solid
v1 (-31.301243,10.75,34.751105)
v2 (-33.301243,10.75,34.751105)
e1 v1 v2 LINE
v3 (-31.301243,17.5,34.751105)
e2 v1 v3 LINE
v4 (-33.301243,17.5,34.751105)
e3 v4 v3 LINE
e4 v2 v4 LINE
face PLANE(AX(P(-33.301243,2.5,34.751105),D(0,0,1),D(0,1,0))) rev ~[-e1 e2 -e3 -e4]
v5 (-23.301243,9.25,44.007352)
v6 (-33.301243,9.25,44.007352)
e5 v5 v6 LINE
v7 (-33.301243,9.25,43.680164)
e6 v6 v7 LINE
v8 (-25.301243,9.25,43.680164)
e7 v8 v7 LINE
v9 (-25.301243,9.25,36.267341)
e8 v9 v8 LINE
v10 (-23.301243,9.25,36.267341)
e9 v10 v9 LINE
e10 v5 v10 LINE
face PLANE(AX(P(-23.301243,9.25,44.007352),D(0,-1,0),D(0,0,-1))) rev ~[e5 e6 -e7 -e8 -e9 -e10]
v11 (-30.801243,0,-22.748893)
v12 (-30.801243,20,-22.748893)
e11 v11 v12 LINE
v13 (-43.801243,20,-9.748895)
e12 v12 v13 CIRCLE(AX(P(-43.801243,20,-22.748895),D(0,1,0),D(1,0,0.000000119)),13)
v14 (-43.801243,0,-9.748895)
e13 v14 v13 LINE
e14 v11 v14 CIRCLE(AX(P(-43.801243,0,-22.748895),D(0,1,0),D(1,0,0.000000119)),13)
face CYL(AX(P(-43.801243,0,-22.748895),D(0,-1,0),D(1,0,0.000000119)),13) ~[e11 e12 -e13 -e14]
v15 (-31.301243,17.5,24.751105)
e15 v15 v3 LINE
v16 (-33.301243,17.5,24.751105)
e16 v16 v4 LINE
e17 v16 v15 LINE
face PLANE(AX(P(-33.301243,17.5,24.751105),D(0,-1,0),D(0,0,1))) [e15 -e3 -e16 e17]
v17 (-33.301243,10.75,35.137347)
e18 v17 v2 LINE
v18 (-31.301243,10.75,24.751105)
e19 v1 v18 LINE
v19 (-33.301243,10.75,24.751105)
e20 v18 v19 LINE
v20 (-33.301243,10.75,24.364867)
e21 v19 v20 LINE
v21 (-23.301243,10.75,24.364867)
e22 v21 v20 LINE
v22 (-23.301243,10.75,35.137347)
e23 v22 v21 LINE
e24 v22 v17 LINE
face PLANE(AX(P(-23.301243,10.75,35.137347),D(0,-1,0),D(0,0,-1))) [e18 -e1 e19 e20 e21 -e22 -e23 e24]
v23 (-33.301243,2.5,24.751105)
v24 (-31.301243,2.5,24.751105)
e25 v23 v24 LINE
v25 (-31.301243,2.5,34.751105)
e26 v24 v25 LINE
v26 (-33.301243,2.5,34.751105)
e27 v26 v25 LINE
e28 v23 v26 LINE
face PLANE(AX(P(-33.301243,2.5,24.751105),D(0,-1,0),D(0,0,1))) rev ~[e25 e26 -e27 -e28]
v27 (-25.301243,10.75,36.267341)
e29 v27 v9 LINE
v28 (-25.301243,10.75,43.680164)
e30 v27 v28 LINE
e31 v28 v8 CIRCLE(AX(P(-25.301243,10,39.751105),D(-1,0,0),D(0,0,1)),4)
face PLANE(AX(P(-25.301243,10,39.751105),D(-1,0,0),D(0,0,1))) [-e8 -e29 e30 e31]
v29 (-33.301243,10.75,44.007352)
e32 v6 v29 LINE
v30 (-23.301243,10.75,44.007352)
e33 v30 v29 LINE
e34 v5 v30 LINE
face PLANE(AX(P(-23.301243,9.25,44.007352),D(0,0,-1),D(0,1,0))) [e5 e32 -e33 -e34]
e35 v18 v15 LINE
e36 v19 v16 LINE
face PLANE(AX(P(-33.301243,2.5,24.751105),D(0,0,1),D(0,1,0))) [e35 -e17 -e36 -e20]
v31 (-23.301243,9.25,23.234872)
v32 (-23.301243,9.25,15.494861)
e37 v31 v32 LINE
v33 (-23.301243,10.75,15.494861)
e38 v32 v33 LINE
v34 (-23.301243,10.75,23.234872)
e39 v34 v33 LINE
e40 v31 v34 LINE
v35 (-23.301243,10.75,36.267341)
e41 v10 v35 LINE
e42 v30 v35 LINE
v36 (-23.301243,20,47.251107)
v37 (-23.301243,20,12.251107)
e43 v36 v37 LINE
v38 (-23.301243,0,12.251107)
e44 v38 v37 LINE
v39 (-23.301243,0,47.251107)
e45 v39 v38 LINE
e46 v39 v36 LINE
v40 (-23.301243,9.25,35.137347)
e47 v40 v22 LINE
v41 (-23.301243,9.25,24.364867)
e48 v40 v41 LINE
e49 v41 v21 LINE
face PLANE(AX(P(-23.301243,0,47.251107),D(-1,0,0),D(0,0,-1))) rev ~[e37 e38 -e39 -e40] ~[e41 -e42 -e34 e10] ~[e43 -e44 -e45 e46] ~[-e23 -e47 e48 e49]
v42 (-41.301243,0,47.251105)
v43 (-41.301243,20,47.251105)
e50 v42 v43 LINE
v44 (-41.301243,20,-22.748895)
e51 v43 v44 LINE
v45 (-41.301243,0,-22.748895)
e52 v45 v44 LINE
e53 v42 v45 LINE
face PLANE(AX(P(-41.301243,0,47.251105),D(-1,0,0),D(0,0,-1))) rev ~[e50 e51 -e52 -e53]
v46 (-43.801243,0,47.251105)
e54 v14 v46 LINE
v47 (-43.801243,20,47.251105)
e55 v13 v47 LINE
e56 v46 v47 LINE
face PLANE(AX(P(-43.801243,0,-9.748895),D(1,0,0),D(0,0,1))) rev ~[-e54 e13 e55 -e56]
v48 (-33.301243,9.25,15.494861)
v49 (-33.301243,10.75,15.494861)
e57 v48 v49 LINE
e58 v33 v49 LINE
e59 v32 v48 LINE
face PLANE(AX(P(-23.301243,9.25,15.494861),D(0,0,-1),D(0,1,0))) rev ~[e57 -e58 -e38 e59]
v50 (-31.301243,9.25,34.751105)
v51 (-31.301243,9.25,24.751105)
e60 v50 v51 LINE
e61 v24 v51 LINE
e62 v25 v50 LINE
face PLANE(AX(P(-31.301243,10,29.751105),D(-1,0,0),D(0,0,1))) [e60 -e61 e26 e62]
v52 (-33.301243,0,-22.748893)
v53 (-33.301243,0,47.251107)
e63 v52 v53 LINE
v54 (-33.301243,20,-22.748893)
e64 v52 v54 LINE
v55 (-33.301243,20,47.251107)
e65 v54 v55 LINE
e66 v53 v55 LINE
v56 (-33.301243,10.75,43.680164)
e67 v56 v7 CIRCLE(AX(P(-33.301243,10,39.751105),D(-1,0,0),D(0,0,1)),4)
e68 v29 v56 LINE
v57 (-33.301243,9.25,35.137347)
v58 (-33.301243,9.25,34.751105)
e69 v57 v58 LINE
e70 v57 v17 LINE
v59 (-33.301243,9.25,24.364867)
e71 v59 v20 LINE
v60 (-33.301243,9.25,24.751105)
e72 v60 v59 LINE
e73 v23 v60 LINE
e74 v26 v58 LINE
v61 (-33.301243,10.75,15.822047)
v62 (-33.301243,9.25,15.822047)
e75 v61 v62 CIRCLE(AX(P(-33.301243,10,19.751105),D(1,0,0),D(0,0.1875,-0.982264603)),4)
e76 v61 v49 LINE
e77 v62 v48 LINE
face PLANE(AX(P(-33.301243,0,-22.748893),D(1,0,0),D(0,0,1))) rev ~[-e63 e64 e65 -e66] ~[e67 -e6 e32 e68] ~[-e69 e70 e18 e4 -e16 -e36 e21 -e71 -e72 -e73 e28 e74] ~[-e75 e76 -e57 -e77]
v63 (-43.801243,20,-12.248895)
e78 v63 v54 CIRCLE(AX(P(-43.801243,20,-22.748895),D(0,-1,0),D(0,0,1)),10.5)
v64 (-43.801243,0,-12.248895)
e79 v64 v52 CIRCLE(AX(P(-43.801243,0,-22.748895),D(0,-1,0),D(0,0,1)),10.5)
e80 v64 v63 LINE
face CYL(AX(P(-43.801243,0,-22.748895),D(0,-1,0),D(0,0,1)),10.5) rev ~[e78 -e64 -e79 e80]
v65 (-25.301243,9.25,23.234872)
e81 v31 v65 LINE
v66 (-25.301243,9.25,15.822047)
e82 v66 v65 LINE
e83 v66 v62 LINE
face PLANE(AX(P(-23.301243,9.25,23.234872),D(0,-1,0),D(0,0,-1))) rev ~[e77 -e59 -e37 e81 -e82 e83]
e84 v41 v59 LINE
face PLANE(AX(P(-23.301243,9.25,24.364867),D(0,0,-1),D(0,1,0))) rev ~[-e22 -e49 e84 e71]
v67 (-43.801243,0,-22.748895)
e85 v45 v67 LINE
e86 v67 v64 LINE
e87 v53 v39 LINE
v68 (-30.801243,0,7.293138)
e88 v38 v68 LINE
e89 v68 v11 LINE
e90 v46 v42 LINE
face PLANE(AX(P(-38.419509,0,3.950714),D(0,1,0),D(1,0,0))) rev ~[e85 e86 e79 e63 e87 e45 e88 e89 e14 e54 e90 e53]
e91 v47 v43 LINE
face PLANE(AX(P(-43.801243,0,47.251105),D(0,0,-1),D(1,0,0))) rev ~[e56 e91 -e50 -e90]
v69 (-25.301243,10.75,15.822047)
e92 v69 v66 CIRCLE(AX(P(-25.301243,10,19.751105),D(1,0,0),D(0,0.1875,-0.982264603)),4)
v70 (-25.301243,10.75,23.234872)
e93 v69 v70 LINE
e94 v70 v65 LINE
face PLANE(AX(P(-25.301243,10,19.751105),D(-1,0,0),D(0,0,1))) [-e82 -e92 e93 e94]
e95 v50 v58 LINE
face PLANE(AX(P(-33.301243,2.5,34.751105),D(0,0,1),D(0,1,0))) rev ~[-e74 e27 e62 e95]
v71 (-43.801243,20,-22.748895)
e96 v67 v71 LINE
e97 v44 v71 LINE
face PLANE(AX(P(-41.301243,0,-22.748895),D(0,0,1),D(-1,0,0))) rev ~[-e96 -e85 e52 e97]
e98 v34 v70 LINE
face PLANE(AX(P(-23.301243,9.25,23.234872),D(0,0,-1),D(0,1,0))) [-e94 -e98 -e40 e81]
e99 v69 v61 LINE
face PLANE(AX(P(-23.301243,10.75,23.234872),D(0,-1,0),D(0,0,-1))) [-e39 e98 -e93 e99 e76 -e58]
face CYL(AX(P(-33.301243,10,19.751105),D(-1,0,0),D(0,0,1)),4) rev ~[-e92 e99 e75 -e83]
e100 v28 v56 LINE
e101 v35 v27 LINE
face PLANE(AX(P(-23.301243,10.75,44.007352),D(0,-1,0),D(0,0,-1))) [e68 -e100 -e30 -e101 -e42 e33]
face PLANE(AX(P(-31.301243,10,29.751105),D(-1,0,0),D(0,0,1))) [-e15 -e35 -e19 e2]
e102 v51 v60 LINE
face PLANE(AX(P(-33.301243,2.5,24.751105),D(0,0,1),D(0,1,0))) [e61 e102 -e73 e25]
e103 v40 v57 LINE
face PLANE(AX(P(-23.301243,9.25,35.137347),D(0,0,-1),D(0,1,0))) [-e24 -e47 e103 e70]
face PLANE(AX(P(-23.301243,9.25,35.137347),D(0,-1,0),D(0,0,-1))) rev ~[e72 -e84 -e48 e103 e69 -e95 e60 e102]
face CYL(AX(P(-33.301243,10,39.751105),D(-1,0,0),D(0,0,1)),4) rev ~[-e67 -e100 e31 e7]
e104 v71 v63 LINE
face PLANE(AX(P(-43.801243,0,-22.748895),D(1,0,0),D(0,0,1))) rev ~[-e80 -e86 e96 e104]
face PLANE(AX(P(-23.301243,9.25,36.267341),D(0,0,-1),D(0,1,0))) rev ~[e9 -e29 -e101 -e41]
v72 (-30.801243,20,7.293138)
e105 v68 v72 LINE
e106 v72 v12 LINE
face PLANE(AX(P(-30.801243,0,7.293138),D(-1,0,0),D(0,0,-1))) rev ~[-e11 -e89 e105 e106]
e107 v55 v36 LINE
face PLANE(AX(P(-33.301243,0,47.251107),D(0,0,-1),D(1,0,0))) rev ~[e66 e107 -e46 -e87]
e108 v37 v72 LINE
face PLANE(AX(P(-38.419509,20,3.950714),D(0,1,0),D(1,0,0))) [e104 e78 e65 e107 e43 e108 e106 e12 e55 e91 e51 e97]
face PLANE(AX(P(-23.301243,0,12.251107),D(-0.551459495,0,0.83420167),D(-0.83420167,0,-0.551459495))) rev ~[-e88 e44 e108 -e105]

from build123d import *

# Parameters (mm, degrees)
BOSS_EXTRUDE1_DEPTH = 20
SKETCH2_R           = 4
CUT_EXTRUDE2_DEPTH  = 8
SKETCH3_W           = 7.740011002
SKETCH3_H           = 1.5
SKETCH3_W_2         = 10.772479775
CUT_EXTRUDE4_DEPTH  = 10
SKETCH4_W           = 10
SKETCH4_H           = 15
CUT_EXTRUDE5_DEPTH  = 2


with BuildPart() as part:
    # Sketch1 → Boss-Extrude1 (new body)
    with BuildSketch(Plane(origin=(0, 0, 0), x_dir=(1, 0, 0), z_dir=(0, 1, 0))):
        with BuildLine():
            Line((-30.801242739, -7.293137555), (-30.801242739, 22.748893216))
            ThreePointArc((-30.801242739, 22.748893216), (-52.993630348, 31.941283464), (-43.801242739, 9.748894762))
            Line((-43.801242739, 9.748894762), (-43.801242739, -47.251105238))
            Line((-43.801242739, -47.251105238), (-41.301242739, -47.251105238))
            Line((-41.301242739, -47.251105238), (-41.301242739, 22.748894762))
            Line((-41.301242739, 22.748894762), (-43.801242739, 22.748894762))
            Line((-43.801242739, 22.748894762), (-43.801242739, 12.248894762))
            ThreePointArc((-43.801242739, 12.248894762), (-51.225863395, 30.173516511), (-33.301242739, 22.748893216))
            Line((-33.301242739, 22.748893216), (-33.301242739, -47.251106784))
            Line((-33.301242739, -47.251106784), (-23.301242739, -47.251106784))
            Line((-23.301242739, -47.251106784), (-23.301242739, -12.251106784))
            Line((-23.301242739, -12.251106784), (-30.801242739, -7.293137555))
        make_face()
    extrude(amount=BOSS_EXTRUDE1_DEPTH)

    # Sketch2 → Cut-Extrude2 (cut)
    with BuildSketch(Plane.ZY.offset(33.301242739)):
        with Locations((19.751105238, 10)):
            Circle(SKETCH2_R)
        with Locations((39.751105238, 10)):
            Circle(SKETCH2_R)
    extrude(amount=-CUT_EXTRUDE2_DEPTH, mode=Mode.SUBTRACT)

    # Sketch3 → Cut-Extrude4 (cut)
    with BuildSketch(Plane(origin=(-23.301242739, 0, 0), x_dir=(0, 0, -1), z_dir=(1, 0, 0))):
        with Locations((-40.137346671, 10)):
            Rectangle(SKETCH3_W, SKETCH3_H)
        with Locations((-29.751106784, 10)):
            Rectangle(SKETCH3_W_2, SKETCH3_H)
        with Locations((-19.364866896, 10)):
            Rectangle(SKETCH3_W, SKETCH3_H)
    extrude(amount=-CUT_EXTRUDE4_DEPTH, mode=Mode.SUBTRACT)

    # Sketch4 → Cut-Extrude5 (cut)
    with BuildSketch(Plane.ZY.offset(33.301242739)):
        with Locations((29.751105238, 10)):
            Rectangle(SKETCH4_W, SKETCH4_H)
    extrude(amount=-CUT_EXTRUDE5_DEPTH, mode=Mode.SUBTRACT)


solid = part.part
